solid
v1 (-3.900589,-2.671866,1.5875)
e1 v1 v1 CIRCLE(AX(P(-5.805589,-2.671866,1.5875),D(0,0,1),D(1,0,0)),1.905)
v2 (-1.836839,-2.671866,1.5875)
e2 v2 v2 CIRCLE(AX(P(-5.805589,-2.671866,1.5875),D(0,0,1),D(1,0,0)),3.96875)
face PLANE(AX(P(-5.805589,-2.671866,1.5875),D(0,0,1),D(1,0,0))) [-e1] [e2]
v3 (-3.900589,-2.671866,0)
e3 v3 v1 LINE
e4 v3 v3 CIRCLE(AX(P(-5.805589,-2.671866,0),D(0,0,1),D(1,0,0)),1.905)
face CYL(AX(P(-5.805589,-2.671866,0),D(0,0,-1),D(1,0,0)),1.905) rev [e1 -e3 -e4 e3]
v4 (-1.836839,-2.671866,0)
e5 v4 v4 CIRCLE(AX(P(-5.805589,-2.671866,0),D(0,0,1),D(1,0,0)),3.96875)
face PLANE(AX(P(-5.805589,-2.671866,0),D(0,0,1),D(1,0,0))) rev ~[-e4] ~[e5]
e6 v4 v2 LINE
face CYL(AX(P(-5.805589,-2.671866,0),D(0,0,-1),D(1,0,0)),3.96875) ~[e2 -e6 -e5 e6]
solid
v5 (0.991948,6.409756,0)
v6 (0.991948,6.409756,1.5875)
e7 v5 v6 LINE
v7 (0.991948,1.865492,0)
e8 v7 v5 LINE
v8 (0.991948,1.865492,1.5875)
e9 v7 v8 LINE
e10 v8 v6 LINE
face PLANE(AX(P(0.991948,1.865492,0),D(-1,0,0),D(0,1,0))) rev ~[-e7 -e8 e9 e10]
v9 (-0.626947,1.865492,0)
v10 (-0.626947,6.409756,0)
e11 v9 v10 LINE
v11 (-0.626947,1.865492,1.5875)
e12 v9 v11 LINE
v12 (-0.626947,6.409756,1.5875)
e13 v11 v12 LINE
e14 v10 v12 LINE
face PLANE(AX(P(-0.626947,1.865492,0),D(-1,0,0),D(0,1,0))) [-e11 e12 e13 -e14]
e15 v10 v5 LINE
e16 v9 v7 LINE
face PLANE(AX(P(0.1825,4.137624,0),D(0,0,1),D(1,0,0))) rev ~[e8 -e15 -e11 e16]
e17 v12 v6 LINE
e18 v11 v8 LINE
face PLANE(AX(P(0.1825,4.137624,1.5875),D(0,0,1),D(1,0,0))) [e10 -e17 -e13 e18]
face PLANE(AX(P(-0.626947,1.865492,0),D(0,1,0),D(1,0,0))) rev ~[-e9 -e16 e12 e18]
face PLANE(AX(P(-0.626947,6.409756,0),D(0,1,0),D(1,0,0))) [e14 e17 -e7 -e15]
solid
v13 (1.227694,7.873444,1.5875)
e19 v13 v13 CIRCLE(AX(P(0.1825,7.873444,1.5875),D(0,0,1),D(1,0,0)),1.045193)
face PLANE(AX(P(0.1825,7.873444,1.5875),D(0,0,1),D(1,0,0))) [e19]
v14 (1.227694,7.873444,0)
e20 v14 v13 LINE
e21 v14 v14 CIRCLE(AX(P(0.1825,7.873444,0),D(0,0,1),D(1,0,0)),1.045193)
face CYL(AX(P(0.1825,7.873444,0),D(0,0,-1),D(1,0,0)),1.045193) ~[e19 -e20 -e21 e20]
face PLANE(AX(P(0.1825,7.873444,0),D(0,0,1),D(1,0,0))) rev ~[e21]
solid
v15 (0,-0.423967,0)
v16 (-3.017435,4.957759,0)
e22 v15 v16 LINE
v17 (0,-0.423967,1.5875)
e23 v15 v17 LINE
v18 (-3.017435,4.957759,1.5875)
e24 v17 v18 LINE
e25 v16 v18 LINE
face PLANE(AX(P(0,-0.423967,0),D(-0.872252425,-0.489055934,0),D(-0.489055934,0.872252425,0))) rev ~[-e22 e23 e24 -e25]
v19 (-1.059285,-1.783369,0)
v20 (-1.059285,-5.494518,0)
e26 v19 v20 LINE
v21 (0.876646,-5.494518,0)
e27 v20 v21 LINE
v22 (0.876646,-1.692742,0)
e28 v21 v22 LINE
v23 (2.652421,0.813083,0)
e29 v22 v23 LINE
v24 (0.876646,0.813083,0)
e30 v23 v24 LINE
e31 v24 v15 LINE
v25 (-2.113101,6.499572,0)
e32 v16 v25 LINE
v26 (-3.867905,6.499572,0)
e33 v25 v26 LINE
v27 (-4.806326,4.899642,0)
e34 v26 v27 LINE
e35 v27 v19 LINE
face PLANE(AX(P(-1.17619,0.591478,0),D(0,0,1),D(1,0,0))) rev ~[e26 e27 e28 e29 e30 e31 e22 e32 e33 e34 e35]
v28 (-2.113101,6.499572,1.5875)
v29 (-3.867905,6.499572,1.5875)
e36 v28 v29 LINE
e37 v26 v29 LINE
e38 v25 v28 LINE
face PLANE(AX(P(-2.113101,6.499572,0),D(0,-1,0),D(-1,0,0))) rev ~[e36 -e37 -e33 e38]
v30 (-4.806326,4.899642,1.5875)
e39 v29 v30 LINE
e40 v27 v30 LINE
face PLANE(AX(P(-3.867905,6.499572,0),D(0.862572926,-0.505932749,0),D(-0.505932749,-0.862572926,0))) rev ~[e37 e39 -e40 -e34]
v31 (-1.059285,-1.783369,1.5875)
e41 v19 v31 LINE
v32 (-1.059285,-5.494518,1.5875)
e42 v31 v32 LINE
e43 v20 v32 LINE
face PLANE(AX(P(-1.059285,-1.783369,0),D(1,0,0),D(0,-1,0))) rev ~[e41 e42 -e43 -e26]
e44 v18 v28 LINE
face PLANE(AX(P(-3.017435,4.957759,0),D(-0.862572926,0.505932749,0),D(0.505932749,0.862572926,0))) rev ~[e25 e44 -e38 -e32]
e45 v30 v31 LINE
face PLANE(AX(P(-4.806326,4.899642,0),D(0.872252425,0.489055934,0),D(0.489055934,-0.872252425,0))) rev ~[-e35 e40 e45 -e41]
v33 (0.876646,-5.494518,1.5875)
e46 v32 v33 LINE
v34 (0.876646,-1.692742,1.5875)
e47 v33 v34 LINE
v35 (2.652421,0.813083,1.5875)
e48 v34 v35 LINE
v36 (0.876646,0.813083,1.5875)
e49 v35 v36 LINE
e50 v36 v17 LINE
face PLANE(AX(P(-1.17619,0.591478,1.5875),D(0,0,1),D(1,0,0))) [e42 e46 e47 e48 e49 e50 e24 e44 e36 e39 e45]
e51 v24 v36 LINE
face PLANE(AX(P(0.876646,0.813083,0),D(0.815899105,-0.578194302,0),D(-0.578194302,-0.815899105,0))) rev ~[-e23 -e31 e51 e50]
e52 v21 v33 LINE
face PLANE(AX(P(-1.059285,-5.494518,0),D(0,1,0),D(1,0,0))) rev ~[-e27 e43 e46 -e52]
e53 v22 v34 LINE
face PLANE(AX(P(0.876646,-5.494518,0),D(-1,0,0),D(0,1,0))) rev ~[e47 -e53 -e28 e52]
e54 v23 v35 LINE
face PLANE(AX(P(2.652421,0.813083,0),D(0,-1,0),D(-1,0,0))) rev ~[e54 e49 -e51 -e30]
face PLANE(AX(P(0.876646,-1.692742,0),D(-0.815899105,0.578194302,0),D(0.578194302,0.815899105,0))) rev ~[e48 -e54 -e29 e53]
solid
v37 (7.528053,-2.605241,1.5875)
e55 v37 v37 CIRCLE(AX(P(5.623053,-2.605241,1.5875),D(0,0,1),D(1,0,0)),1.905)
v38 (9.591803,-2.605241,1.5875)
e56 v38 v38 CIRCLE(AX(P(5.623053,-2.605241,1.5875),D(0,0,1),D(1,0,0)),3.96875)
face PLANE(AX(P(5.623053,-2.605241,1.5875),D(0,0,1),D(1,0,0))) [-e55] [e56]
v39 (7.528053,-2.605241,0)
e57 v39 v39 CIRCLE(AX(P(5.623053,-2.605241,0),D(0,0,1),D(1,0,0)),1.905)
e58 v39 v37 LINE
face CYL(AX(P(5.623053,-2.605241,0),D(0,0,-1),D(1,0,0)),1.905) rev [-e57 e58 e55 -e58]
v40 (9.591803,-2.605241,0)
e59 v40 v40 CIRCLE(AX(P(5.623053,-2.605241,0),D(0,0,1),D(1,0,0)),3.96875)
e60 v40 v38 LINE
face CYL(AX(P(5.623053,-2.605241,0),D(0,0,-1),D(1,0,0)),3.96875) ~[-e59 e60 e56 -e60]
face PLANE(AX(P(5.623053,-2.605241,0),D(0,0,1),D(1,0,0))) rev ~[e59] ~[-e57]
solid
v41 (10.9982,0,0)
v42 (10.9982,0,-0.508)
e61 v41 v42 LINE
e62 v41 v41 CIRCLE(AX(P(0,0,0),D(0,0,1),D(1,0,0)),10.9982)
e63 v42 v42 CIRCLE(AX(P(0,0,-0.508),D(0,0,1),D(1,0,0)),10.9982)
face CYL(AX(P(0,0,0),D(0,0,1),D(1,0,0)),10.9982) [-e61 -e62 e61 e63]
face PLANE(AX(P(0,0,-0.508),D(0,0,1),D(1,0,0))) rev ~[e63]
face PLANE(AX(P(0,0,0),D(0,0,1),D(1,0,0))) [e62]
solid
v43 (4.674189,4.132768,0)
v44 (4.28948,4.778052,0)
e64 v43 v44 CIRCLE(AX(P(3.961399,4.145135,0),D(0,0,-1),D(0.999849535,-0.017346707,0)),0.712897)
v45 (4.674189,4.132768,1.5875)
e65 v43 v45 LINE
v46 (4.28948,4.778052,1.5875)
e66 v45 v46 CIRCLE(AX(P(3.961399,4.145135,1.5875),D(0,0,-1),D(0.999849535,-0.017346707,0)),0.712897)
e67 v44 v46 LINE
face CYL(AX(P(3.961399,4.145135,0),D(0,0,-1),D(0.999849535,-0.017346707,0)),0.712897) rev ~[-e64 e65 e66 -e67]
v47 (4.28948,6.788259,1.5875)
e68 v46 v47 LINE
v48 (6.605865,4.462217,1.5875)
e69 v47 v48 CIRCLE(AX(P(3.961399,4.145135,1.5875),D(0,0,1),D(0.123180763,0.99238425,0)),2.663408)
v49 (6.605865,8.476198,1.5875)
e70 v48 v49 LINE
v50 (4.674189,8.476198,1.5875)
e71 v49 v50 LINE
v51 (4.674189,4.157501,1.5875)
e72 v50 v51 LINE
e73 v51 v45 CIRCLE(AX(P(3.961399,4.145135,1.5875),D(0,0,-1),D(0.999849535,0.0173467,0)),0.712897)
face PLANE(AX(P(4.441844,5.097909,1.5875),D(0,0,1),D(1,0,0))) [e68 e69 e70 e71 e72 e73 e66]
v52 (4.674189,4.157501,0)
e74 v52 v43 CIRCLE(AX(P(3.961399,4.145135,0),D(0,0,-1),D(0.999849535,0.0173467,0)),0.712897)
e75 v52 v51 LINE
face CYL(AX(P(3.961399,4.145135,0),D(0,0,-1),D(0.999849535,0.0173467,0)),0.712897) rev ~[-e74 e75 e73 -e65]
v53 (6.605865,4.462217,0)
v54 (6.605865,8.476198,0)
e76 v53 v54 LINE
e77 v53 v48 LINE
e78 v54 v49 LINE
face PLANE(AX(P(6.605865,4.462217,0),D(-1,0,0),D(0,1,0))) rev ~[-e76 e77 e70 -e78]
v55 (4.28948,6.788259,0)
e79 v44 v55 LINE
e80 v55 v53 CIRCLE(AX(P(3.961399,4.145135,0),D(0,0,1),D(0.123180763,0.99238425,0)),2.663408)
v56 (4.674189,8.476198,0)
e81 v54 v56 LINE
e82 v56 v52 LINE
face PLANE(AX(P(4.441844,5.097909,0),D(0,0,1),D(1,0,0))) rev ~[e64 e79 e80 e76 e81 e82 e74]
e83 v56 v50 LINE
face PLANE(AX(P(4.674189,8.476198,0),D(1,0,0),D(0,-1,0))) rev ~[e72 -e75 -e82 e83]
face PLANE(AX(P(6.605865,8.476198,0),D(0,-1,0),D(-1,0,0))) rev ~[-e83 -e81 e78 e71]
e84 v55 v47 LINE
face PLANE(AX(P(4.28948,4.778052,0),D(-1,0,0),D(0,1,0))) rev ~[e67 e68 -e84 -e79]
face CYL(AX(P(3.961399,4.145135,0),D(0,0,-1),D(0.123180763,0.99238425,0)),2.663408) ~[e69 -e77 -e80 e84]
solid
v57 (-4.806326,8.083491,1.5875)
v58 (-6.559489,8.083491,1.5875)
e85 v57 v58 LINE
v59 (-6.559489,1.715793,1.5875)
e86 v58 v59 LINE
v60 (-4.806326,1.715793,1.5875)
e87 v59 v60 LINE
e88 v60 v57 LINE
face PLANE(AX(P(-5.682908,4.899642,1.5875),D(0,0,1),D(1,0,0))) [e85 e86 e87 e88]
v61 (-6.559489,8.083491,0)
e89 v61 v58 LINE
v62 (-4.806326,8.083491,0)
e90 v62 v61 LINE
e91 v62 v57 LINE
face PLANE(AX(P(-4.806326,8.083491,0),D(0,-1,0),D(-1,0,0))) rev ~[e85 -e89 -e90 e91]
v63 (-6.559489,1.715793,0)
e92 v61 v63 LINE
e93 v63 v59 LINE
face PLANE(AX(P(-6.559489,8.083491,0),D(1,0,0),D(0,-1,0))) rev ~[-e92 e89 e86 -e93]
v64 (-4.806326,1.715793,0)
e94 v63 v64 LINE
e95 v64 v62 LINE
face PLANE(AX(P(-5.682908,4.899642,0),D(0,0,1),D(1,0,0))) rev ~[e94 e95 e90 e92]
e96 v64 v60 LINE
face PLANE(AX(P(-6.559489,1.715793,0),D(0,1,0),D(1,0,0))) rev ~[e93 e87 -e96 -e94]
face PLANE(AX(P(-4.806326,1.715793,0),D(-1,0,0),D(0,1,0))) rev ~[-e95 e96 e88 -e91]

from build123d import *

# Parameters (mm, degrees)
F0_R     = 10.9982
F1_DEPTH = 0.508
F3_DEPTH = 1.27
F2_W     = 1.2951166562
F2_H     = 3.6354111349
F2_R     = 0.8361544211
F2_R_2   = 3.175
F2_R_3   = 1.524
F4_SCALE = 1.25


with BuildPart() as f1:
    # F0 (on Top) → F1 (new body)
    with BuildSketch(Plane.XY):
        Circle(F0_R)
    extrude(amount=-F1_DEPTH)


with BuildPart() as f3:
    # F2 (on Top) → F3 (new body)
    with BuildSketch(Plane.XY):
        Polygon((-0.8474276173, -1.4266951149), (-0.8474276173, -4.39561418), (0.7013171111, -4.39561418), (0.7013171111, -1.3541933216), (2.1219371717, 0.6504660684), (0.7013171111, 0.6504660684), (0, -0.3391735764), (-2.4139480535, 3.9662072577), (-1.6904811083, 5.1996577531), (-3.0943236873, 5.1996577531), (-3.8450609427, 3.9197136648), align=None)
    extrude(amount=F3_DEPTH)


with BuildPart() as f3b:
    # F2 (on Top) → F3, piece 2 (new body)
    with BuildSketch(Plane.XY):
        Polygon((-3.8450609427, 1.3726343814), (-3.8450609427, 3.9197136648), (-3.8450609427, 6.4667929482), (-5.2475911869, 6.4667929482), (-5.2475911869, 1.3726343814), align=None)
    extrude(amount=F3_DEPTH)


with BuildPart() as f3c:
    # F2 (on Top) → F3, piece 3 (new body)
    with BuildSketch(Plane.XY):
        with Locations((0.1460003935, 3.3100993147)):
            Rectangle(F2_W, F2_H)
    extrude(amount=F3_DEPTH)


with BuildPart() as f3d:
    # F2 (on Top) → F3, piece 4 (new body)
    with BuildSketch(Plane.XY):
        with Locations((0.1460003935, 6.2987548299)):
            Circle(F2_R)
    extrude(amount=F3_DEPTH)


with BuildPart() as f3e:
    # F2 (on Top) → F3, piece 5 (new body)
    with BuildSketch(Plane.XY):
        with Locations((-4.644471146, -2.1374930238)):
            Circle(F2_R_2)
        with Locations((-4.644471146, -2.1374930238)):
            Circle(F2_R_3, mode=Mode.SUBTRACT)
    extrude(amount=F3_DEPTH)


with BuildPart() as f3f:
    # F2 (on Top) → F3, piece 6 (new body)
    with BuildSketch(Plane.XY):
        with Locations((4.4984421693, -2.0841928199)):
            Circle(F2_R_2)
        with Locations((4.4984421693, -2.0841928199)):
            Circle(F2_R_3, mode=Mode.SUBTRACT)
    extrude(amount=F3_DEPTH)


with BuildPart() as f3g:
    # F2 (on Top) → F3, piece 7 (new body)
    with BuildSketch(Plane.XY):
        with BuildLine():
            Line((3.4315840051, 3.822441707), (3.4315840051, 5.4306069392))
            ThreePointArc((3.4315840051, 5.4306069392), (1.6593378456, 1.8125938265), (5.2846923269, 3.5697734468))
            Line((5.2846923269, 3.5697734468), (5.2846923269, 6.7809580791))
            Line((5.2846923269, 6.7809580791), (3.7393509245, 6.7809580791))
            Line((3.7393509245, 6.7809580791), (3.7393509245, 3.3260008253))
            ThreePointArc((3.7393509245, 3.3260008253), (3.7394367375, 3.3161076992), (3.7393509245, 3.3062145731))
            ThreePointArc((3.7393509245, 3.3062145731), (2.6792539887, 3.0240571788), (3.4315840051, 3.822441707))
        make_face()
    extrude(amount=F3_DEPTH)


with BuildPart() as f3b_1:
    # F4: moved
    add(f3b.part.scale(F4_SCALE))


with BuildPart() as f3_1:
    # F4: moved
    add(f3.part.scale(F4_SCALE))


with BuildPart() as f3c_1:
    # F4: moved
    add(f3c.part.scale(F4_SCALE))


with BuildPart() as f3d_1:
    # F4: moved
    add(f3d.part.scale(F4_SCALE))


with BuildPart() as f3g_1:
    # F4: moved
    add(f3g.part.scale(F4_SCALE))


with BuildPart() as f3f_1:
    # F4: moved
    add(f3f.part.scale(F4_SCALE))


with BuildPart() as f3e_1:
    # F4: moved
    add(f3e.part.scale(F4_SCALE))


solid = Compound([f1.part, f3b_1.part, f3_1.part, f3c_1.part, f3d_1.part, f3g_1.part, f3f_1.part, f3e_1.part])
